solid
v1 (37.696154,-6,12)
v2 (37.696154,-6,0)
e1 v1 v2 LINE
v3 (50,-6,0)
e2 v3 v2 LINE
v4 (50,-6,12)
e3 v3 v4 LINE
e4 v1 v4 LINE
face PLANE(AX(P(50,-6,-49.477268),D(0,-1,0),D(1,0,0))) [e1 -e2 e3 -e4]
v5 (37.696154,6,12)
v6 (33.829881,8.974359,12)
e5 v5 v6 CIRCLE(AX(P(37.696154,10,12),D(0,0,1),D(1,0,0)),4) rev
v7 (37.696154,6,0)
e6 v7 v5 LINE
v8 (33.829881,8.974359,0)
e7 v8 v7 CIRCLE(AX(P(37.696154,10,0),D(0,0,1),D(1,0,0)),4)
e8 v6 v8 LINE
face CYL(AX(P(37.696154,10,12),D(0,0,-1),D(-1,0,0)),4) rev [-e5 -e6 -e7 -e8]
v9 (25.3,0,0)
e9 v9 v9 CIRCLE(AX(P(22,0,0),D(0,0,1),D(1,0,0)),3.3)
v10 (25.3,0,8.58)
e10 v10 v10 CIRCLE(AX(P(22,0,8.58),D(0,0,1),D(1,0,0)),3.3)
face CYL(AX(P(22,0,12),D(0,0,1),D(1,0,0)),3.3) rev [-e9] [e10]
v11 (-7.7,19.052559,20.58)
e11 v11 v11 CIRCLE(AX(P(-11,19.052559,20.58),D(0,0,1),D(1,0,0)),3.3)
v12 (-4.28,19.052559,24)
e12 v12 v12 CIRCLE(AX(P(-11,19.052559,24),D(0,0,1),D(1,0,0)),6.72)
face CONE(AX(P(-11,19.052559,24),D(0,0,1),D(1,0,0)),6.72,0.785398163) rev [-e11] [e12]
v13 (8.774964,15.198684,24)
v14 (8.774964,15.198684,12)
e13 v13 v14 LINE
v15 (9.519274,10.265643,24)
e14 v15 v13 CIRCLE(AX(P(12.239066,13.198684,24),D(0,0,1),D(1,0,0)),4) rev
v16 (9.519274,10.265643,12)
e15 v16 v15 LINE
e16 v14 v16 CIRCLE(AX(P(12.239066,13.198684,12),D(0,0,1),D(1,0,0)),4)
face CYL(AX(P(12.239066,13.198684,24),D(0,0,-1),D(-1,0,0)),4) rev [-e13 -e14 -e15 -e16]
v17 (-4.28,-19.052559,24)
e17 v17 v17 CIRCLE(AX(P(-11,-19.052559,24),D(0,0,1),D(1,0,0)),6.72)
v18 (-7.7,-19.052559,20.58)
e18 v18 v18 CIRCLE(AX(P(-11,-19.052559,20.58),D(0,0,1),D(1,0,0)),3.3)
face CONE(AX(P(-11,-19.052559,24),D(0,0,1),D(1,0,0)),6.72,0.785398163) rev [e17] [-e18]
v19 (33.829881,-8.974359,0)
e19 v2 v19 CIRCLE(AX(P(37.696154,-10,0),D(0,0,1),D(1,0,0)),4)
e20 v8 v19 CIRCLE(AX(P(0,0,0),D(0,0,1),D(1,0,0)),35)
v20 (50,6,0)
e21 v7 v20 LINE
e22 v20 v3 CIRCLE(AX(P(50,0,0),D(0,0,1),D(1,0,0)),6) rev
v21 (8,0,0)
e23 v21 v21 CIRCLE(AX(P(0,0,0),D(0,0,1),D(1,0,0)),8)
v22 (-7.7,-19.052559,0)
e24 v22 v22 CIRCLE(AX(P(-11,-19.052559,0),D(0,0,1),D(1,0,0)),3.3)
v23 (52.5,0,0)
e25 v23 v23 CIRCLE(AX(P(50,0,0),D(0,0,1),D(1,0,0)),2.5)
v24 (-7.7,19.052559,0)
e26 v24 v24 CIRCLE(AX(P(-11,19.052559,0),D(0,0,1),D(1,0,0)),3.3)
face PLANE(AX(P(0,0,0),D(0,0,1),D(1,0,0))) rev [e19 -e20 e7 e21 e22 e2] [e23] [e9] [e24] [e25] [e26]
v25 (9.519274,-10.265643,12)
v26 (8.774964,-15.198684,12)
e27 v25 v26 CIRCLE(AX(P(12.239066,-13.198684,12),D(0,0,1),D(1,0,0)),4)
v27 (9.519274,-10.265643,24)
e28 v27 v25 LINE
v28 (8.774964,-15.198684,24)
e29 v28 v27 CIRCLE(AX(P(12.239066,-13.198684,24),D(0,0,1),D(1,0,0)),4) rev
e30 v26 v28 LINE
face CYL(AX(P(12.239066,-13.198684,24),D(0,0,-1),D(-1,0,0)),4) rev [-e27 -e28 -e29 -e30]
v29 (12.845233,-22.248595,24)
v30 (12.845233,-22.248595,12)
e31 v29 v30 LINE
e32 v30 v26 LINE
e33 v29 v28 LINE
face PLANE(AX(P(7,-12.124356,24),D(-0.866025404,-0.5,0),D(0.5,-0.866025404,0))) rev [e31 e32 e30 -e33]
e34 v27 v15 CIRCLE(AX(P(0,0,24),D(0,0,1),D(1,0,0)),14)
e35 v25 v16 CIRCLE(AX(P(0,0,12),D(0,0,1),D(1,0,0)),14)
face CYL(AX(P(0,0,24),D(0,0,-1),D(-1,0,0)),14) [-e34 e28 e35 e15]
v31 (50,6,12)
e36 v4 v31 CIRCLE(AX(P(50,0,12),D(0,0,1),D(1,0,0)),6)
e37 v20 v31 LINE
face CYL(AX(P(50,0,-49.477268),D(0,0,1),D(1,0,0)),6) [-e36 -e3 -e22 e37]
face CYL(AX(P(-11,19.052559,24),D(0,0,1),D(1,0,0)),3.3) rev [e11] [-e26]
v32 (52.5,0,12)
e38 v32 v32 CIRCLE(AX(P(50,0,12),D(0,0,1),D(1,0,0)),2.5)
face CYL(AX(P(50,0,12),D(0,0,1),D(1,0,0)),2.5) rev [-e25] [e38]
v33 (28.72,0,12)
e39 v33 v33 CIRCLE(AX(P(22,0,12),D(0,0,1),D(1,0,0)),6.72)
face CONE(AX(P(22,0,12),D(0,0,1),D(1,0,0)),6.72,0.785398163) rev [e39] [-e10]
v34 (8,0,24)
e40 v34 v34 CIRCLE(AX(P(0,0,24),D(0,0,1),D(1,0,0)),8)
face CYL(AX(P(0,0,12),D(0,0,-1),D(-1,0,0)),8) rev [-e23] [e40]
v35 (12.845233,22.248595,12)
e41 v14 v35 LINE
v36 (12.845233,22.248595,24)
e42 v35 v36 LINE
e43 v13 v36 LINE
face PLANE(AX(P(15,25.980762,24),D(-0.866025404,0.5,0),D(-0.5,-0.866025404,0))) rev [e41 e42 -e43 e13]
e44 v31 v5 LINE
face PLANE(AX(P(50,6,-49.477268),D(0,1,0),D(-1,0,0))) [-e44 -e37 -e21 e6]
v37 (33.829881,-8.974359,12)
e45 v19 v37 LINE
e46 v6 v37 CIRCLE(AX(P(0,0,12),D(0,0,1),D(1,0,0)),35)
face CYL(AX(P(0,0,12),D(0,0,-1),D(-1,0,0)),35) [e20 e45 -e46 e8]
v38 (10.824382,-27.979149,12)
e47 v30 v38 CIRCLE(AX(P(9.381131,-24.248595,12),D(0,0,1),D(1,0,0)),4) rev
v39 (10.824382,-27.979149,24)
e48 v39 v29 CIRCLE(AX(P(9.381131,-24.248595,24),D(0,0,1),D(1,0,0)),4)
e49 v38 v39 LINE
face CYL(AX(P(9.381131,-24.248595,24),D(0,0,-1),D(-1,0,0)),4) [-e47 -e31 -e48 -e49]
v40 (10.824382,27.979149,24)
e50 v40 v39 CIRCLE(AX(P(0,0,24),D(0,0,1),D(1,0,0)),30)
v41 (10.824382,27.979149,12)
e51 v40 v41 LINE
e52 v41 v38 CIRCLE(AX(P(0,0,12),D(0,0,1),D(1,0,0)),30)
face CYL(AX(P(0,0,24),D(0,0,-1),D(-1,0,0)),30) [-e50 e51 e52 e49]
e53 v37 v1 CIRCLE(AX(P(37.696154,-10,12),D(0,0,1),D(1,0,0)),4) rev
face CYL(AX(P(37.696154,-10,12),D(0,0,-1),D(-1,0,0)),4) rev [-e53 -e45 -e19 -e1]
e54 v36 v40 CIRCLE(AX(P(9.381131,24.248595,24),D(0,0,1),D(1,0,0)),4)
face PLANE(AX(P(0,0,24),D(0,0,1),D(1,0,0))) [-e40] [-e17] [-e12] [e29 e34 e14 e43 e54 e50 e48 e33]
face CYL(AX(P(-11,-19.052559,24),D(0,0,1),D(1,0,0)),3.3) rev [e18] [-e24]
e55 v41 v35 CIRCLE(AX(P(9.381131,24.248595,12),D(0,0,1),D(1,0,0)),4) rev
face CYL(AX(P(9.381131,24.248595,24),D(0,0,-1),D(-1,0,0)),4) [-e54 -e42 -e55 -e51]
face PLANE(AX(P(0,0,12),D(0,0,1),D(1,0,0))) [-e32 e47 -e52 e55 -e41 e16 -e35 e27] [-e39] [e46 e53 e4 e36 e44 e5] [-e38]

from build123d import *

# Parameters (mm, degrees)
SKETCH1_R                                            = 35
SKETCH1_R_2                                          = 8
BOSS_EXTRUDE1_DEPTH                                  = 12
SKETCH2_R                                            = 8
BOSS_EXTRUDE2_DEPTH                                  = 12
BOSS_EXTRUDE3_DEPTH                                  = 12
FILLET1_R                                            = 4
M6_TAPPED_HOLE1_D                                    = 5
CSK_FOR_M6_HEX_SOCKET_COUNTERSUNK_CAP_SC_D           = 6.6
CSK_FOR_M6_HEX_SOCKET_COUNTERSUNK_CAP_SC_CSINK_D     = 13.44
CSK_FOR_M6_HEX_SOCKET_COUNTERSUNK_CAP_SC_CSINK_ANGLE = 90
CSK_FOR_M6_HEX_SOCKET_COUNTERSUNK_CA_2_D             = 6.6
CSK_FOR_M6_HEX_SOCKET_COUNTERSUNK_CA_2_CSINK_D       = 13.44
CSK_FOR_M6_HEX_SOCKET_COUNTERSUNK_CA_2_CSINK_ANGLE   = 90


with BuildPart() as part:
    # Sketch1 → Boss-Extrude1 (new body)
    with BuildSketch(Plane.XY):
        Circle(SKETCH1_R)
        Circle(SKETCH1_R_2, mode=Mode.SUBTRACT)
    extrude(amount=BOSS_EXTRUDE1_DEPTH)

    # Sketch2 → Boss-Extrude2 (add)
    with BuildSketch(Plane.XY.offset(12)):
        with BuildLine():
            Line((15, 25.980762114), (7, 12.124355653))
            ThreePointArc((7, 12.124355653), (14, 0), (7, -12.124355653))
            Line((7, -12.124355653), (15, -25.980762114))
            ThreePointArc((15, -25.980762114), (-30, 0), (15, 25.980762114))
        make_face()
        Circle(SKETCH2_R, mode=Mode.SUBTRACT)
    extrude(amount=BOSS_EXTRUDE2_DEPTH)

    # Sketch5 → Boss-Extrude3 (add)
    with BuildSketch(Plane.XY.offset(12)):
        with BuildLine():
            Line((50, -6), (14, -6))
            ThreePointArc((14, -6), (8, 0), (14, 6))
            Line((14, 6), (50, 6))
            ThreePointArc((50, 6), (56, 0), (50, -6))
        make_face()
    extrude(amount=-BOSS_EXTRUDE3_DEPTH)

    # Fillet1
    fillet1_edges = [part.edges().sort_by_distance(p)[0] for p in [
        (7, -12.124355653, 18),
        (7, 12.124355653, 18),
        (15, 25.980762114, 18),
        (15, -25.980762114, 18),
        (34.481879299, 6, 6),
        (34.481879299, -6, 6),
    ]]
    fillet(fillet1_edges, radius=FILLET1_R)

    # M6 Tapped Hole1 (through all)
    with Locations(Plane.XY.offset(12)):
        with Locations((50, 0)):
            Hole(M6_TAPPED_HOLE1_D / 2)

    # CSK for M6 Hex Socket Countersunk Cap Screw1 (through all)
    with Locations(Plane(origin=(-11, 19.052558883, 24), x_dir=(1, 0, 0), z_dir=(0, 0, 1))):
        with Locations((0, 0), (0, -38.105117766)):
            CounterSinkHole(CSK_FOR_M6_HEX_SOCKET_COUNTERSUNK_CAP_SC_D / 2, CSK_FOR_M6_HEX_SOCKET_COUNTERSUNK_CAP_SC_CSINK_D / 2, counter_sink_angle=CSK_FOR_M6_HEX_SOCKET_COUNTERSUNK_CAP_SC_CSINK_ANGLE)

    # CSK for M6 Hex Socket Countersunk Ca 2 (through all)
    with Locations(Plane(origin=(22, 0, 12), x_dir=(1, 0, 0), z_dir=(0, 0, 1))):
        with Locations((0, 0)):
            CounterSinkHole(CSK_FOR_M6_HEX_SOCKET_COUNTERSUNK_CA_2_D / 2, CSK_FOR_M6_HEX_SOCKET_COUNTERSUNK_CA_2_CSINK_D / 2, counter_sink_angle=CSK_FOR_M6_HEX_SOCKET_COUNTERSUNK_CA_2_CSINK_ANGLE)


solid = part.part
